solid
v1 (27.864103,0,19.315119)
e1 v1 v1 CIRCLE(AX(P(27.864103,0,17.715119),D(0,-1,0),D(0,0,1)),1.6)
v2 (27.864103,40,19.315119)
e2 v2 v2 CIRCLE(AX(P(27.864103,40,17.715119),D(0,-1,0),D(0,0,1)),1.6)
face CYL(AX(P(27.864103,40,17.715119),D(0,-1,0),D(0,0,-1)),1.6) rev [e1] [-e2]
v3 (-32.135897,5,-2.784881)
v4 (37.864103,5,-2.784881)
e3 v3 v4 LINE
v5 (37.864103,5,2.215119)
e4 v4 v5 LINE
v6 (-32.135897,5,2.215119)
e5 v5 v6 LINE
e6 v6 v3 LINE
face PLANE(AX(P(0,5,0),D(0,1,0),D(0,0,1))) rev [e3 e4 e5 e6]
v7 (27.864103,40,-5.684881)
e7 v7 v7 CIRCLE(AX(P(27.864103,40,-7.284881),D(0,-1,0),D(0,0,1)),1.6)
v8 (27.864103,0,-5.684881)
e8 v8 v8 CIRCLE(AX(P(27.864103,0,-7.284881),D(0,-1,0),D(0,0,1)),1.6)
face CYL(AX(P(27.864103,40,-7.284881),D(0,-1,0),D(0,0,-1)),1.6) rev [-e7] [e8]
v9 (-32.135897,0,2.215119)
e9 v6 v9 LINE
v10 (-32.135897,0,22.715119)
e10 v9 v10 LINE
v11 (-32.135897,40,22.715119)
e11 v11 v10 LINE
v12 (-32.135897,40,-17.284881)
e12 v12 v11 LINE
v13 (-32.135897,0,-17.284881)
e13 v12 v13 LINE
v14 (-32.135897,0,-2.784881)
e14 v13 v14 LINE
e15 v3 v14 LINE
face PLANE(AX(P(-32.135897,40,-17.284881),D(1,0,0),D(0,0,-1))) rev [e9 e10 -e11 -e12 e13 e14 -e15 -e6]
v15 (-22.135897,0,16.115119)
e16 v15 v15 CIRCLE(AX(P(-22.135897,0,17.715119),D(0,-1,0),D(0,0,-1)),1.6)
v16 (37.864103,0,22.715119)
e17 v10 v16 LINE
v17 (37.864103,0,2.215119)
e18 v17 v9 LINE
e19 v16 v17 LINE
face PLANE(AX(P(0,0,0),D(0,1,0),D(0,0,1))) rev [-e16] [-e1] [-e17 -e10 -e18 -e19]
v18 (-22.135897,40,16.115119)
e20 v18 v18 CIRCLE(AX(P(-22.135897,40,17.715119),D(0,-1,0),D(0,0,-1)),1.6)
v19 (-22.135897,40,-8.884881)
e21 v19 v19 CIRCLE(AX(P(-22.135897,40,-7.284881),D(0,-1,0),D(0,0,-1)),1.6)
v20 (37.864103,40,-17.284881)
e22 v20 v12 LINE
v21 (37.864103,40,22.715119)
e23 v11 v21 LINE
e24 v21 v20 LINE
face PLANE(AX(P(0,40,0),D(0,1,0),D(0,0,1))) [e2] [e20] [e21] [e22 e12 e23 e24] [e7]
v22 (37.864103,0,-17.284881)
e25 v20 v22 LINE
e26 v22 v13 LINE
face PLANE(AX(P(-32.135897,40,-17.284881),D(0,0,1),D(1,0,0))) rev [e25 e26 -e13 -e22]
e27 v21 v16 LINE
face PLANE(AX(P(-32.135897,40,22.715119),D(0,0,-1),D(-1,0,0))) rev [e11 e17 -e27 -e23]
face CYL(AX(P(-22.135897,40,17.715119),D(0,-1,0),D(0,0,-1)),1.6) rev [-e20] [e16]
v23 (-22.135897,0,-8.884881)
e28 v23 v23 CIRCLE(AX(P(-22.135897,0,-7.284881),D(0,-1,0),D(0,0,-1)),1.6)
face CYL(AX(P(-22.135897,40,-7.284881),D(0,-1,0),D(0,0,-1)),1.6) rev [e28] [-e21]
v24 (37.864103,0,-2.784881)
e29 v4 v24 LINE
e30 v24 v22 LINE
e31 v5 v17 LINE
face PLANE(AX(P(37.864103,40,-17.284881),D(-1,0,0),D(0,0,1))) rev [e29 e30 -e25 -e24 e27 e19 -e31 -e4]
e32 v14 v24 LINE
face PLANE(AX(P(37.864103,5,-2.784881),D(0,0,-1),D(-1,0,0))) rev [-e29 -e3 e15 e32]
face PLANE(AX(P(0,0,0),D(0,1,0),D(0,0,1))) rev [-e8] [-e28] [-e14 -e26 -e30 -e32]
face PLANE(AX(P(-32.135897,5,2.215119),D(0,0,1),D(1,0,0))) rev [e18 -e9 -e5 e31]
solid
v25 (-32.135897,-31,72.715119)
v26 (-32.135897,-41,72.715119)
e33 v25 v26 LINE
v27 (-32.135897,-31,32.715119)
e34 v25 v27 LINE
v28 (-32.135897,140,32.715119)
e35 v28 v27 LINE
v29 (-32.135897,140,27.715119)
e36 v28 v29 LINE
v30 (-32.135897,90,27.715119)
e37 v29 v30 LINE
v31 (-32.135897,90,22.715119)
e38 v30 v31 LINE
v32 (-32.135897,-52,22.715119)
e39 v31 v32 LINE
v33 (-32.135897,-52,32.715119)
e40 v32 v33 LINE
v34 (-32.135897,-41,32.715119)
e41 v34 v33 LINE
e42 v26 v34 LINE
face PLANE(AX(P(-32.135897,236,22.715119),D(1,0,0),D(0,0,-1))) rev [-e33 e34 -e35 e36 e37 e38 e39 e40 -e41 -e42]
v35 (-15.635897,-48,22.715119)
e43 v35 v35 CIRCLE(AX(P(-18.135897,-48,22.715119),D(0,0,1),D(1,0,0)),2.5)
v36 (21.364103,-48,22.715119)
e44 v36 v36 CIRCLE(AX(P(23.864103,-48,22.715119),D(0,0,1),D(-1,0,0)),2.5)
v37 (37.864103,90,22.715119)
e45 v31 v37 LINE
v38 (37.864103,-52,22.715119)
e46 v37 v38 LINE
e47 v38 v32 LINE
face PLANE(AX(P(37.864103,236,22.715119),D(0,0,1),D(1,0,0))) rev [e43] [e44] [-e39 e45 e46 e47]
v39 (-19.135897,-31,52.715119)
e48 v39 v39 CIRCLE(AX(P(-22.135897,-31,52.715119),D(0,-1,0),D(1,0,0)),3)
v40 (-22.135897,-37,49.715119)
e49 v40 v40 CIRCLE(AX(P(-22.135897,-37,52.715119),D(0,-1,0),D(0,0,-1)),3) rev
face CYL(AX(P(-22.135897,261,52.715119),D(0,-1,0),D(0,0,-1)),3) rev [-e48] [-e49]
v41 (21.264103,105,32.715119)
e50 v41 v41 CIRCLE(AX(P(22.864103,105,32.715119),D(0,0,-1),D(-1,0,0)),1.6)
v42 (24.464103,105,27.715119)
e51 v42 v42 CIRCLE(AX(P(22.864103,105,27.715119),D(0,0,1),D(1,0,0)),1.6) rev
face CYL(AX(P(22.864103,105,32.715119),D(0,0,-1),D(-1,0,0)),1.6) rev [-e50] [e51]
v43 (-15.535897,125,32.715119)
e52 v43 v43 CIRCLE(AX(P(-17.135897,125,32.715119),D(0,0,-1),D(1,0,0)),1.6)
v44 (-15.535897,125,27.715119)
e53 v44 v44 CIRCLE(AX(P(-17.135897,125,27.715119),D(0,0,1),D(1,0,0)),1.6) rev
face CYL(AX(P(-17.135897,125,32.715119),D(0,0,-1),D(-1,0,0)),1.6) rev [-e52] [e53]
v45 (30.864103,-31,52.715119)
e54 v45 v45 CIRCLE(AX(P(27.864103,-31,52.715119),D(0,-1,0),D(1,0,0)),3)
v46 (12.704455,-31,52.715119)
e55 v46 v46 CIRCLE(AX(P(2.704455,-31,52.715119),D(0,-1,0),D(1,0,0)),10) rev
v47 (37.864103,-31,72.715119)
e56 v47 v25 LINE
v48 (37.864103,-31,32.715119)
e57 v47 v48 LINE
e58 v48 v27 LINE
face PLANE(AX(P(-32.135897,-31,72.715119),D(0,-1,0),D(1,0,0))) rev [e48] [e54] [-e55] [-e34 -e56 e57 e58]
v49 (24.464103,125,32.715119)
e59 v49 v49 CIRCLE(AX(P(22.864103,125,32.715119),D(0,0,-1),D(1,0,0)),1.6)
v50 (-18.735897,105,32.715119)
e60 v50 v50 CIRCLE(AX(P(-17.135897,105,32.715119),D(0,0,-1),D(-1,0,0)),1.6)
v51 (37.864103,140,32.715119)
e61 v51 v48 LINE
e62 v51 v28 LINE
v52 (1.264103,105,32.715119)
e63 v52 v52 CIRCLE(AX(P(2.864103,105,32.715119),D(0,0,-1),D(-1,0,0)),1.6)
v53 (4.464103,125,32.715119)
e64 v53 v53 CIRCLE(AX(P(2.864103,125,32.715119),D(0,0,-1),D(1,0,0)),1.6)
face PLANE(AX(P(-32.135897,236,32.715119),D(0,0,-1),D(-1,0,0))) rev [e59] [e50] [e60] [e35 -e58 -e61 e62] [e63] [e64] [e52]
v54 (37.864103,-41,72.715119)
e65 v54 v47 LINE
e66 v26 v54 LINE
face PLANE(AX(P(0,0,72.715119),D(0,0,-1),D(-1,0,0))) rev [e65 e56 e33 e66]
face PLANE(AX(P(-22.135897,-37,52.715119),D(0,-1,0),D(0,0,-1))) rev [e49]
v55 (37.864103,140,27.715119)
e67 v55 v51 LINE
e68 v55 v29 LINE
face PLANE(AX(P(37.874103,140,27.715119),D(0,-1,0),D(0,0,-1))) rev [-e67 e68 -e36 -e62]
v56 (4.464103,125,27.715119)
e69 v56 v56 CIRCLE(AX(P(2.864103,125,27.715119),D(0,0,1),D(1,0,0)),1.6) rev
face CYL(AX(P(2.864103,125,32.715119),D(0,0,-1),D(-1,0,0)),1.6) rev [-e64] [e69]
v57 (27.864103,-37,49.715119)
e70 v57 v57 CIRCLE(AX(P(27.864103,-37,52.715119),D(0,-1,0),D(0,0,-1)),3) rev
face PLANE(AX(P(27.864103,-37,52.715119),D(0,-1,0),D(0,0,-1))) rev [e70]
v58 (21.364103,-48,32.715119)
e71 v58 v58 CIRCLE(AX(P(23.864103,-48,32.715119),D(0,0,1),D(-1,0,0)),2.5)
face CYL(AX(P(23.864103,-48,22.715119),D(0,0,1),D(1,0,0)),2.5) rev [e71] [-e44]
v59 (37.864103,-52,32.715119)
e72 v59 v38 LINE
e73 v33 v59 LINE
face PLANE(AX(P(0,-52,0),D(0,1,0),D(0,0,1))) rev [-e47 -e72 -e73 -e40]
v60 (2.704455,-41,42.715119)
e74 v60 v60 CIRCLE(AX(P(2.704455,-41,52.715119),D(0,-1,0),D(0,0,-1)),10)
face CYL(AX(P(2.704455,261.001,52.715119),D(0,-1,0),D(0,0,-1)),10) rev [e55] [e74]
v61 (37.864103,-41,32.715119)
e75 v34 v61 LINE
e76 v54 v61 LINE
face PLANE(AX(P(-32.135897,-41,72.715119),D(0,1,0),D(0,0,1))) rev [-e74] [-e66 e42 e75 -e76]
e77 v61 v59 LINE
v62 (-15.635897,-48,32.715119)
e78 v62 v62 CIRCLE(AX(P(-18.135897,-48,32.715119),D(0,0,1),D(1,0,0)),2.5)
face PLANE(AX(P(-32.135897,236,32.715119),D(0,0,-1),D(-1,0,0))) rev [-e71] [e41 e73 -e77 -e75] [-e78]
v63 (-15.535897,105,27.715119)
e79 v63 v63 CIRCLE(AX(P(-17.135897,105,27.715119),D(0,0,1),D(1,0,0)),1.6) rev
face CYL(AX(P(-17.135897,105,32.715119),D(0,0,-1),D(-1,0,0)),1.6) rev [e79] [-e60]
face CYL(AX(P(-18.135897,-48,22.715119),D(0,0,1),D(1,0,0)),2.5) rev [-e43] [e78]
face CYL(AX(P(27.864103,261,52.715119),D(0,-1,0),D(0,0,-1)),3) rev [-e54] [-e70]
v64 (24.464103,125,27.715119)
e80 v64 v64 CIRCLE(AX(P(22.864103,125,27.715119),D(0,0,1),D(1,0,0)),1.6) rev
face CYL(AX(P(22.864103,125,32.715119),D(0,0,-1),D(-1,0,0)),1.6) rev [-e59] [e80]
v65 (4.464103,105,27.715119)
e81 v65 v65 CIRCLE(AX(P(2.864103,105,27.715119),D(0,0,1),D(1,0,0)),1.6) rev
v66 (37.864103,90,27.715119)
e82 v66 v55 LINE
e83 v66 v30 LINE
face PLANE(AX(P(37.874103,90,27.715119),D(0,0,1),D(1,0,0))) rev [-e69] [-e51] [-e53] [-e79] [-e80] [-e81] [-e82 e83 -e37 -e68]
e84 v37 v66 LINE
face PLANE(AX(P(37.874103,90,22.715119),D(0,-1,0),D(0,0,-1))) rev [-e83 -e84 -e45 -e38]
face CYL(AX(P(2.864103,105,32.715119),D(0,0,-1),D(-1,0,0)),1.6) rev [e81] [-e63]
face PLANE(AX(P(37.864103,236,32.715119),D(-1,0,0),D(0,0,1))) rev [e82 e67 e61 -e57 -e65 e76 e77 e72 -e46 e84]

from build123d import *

# Parameters (mm, degrees)
SKETCH_1_W                     = 70
SKETCH_1_H                     = 40
EXTRUDE_1_DEPTH                = 40
SKETCH_2_R                     = 1.6
CUT_EXTRUDE_1_DEPTH            = 60.579081363
EXTRUDE_2_DEPTH                = 52
EXTRUDE_2_DEPTH_BACK           = 236
SKETCH_4_W                     = 70
SKETCH_4_H                     = 10
SKETCH_5_R                     = 2.5
CUT_EXTRUDE_2_DEPTH            = 10
SKETCH_6_R                     = 2.5
CUT_EXTRUDE_3_DEPTH            = 10
SKETCH_7_W                     = 70
SKETCH_7_H                     = 10
EXTRUDE_3_DEPTH                = 50
SKETCH_8_R                     = 12.5
CUT_EXTRUDE_4_DEPTH            = 10
SKETCH_12_W                    = 39
SKETCH_12_H                    = 39
SKETCH_12_W_2                  = 27
SKETCH_12_H_2                  = 27
EXTRUDE_2_2_DEPTH              = 15
SKETCH_14_R                    = 2
CUT_EXTRUDE_5_DEPTH            = 25
SKETCH_15_W                    = 70
SKETCH_15_H                    = 5
CUT_EXTRUDE_6_DEPTH            = 5
SKETCH_16_W                    = 70
SKETCH_16_H                    = 10
EXTRUDE_4_DEPTH                = 40
SKETCH_18_R                    = 3
CUT_EXTRUDE_7_DEPTH            = 313.929990298
SKETCH_19_R                    = 3
EXTRUDE_5_DEPTH                = 4
SKETCH_24_R                    = 10
CUT_EXTRUDE_9_DEPTH            = 10
SKETCH_26_R                    = 1.6
CUT_EXTRUDE_10_DEPTH           = 10
SPLIT_BODIES_1_SURFACE_1_BACK  = 334.12
SPLIT_BODIES_1_SURFACE_1_DEPTH = 668.24
SPLIT_BODIES_1_SURFACE_2_BACK  = 334.12
SPLIT_BODIES_1_SURFACE_2_DEPTH = 668.24


with BuildPart() as part:
    # 草图1 → 凸台-拉伸1 (new body)
    with BuildSketch(Plane(origin=(0, 0, 0), x_dir=(1, 0, 0), z_dir=(0, 1, 0))):
        with Locations((2.864103165, -2.71511892)):
            Rectangle(SKETCH_1_W, SKETCH_1_H)
    extrude(amount=EXTRUDE_1_DEPTH)

    # 草图2 → 切除-拉伸1 (cut, through all)
    with BuildSketch(Plane.XZ):
        with Locations(Location((-22.135896835, 17.71511892, 0), (0, 0, 270))):
            Circle(SKETCH_2_R)
        with Locations(Location((27.864103165, 17.71511892, 0), (0, 0, 90))):
            Circle(SKETCH_2_R)
        with Locations(Location((-22.135896835, -7.28488108, 0), (0, 0, 270))):
            Circle(SKETCH_2_R)
        with Locations(Location((27.864103165, -7.28488108, 0), (0, 0, 90))):
            Circle(SKETCH_2_R)
    extrude(amount=-CUT_EXTRUDE_1_DEPTH, mode=Mode.SUBTRACT)

    # 草图15 → 切除-拉伸6 (cut)
    with BuildSketch(Plane.XZ):
        with Locations((2.864103165, -0.28488108)):
            Rectangle(SKETCH_15_W, SKETCH_15_H)
    extrude(amount=-CUT_EXTRUDE_6_DEPTH, mode=Mode.SUBTRACT)


with BuildPart() as body_2:
    # 草图4 → Extrude 2 (new, two sides: drawn at the far end of the back side and taken through both)
    with BuildSketch(Plane.XZ.offset(-EXTRUDE_2_DEPTH_BACK)):
        with Locations((2.864103165, 27.71511892)):
            Rectangle(SKETCH_4_W, SKETCH_4_H)
    extrude(amount=EXTRUDE_2_DEPTH + EXTRUDE_2_DEPTH_BACK)

    # 草图5 → 切除-拉伸2 (cut)
    with BuildSketch(Plane.XY.offset(32.71511892)):
        with Locations((-18.135896835, -48)):
            Circle(SKETCH_5_R)
        with Locations(Location((23.864103165, -48, 0), (0, 0, 180))):
            Circle(SKETCH_5_R)
    extrude(amount=-CUT_EXTRUDE_2_DEPTH, mode=Mode.SUBTRACT)

    # 草图6 → 切除-拉伸3 (cut)
    with BuildSketch(Plane.XY.offset(32.71511892)):
        with Locations((-18.135896835, 212)):
            Circle(SKETCH_6_R)
        with Locations(Location((23.864103165, 212, 0), (0, 0, 180))):
            Circle(SKETCH_6_R)
    extrude(amount=-CUT_EXTRUDE_3_DEPTH, mode=Mode.SUBTRACT)

    # 草图7 → 凸台-拉伸3 (add)
    with BuildSketch(Plane(origin=(0, 0, 22.71511892), x_dir=(-1, 0, 0), z_dir=(0, 0, -1))):
        with Locations((-2.864103165, 241)):
            Rectangle(SKETCH_7_W, SKETCH_7_H)
    extrude(amount=-EXTRUDE_3_DEPTH)

    # 草图8 → 切除-拉伸4 (cut)
    with BuildSketch(Plane.XZ.offset(-236)):
        with Locations(Location((2.864103165, 52.71511892, 0), (0, 0, 270))):
            Circle(SKETCH_8_R)
    extrude(amount=-CUT_EXTRUDE_4_DEPTH, mode=Mode.SUBTRACT)

    # 草图12 → Extrude 2 2 (add)
    with BuildSketch(Plane(origin=(0, 246, 0), x_dir=(1, 0, 0), z_dir=(0, 1, 0))):
        with Locations((2.864103165, -52.71511892)):
            Rectangle(SKETCH_12_W, SKETCH_12_H)
        with Locations((2.864103165, -52.71511892)):
            Rectangle(SKETCH_12_W_2, SKETCH_12_H_2, mode=Mode.SUBTRACT)
    extrude(amount=EXTRUDE_2_2_DEPTH)

    # 草图14 → 切除-拉伸5 (cut)
    with BuildSketch(Plane(origin=(0, 261, 0), x_dir=(1, 0, 0), z_dir=(0, 1, 0))):
        with Locations(Location((-12.635896835, -37.21511892, 0), (0, 0, 270))):
            Circle(SKETCH_14_R)
        with Locations(Location((18.364103165, -37.21511892, 0), (0, 0, 90))):
            Circle(SKETCH_14_R)
        with Locations(Location((-12.635896835, -68.21511892, 0), (0, 0, 90))):
            Circle(SKETCH_14_R)
        with Locations(Location((18.364103165, -68.21511892, 0), (0, 0, 270))):
            Circle(SKETCH_14_R)
    extrude(amount=-CUT_EXTRUDE_5_DEPTH, mode=Mode.SUBTRACT)

    # 草图16 → 凸台-拉伸4 (add)
    with BuildSketch(Plane.XY.offset(32.71511892)):
        with Locations((2.864103165, -36)):
            Rectangle(SKETCH_16_W, SKETCH_16_H)
    extrude(amount=EXTRUDE_4_DEPTH)

    # 草图18 → 切除-拉伸7 (cut, through all)
    with BuildSketch(Plane.XZ.offset(41)):
        with Locations(Location((-22.135896835, 52.71511892, 0), (0, 0, 270))):
            Circle(SKETCH_18_R)
        with Locations(Location((27.864103165, 52.71511892, 0), (0, 0, 270))):
            Circle(SKETCH_18_R)
    extrude(amount=-CUT_EXTRUDE_7_DEPTH, mode=Mode.SUBTRACT)

    # 草图19 → 凸台-拉伸5 (add)
    with BuildSketch(Plane.XZ.offset(41)):
        with Locations(Location((-22.135896835, 52.71511892, 0), (0, 0, 270))):
            Circle(SKETCH_19_R)
        with Locations(Location((27.864103165, 52.71511892, 0), (0, 0, 270))):
            Circle(SKETCH_19_R)
    extrude(amount=-EXTRUDE_5_DEPTH)

    # 草图24 → 切除-拉伸9 (cut)
    with BuildSketch(Plane.XZ.offset(41)):
        with Locations(Location((2.704454521, 52.71511892, 0), (0, 0, 270))):
            Circle(SKETCH_24_R)
    extrude(amount=-CUT_EXTRUDE_9_DEPTH, mode=Mode.SUBTRACT)

    # 草图26 → 切除-拉伸10 (cut)
    with BuildSketch(Plane(origin=(0, 0, 22.71511892), x_dir=(-1, 0, 0), z_dir=(0, 0, -1))):
        with Locations((17.135896835, 105)):
            Circle(SKETCH_26_R)
        with Locations((-2.864103165, 105)):
            Circle(SKETCH_26_R)
        with Locations((-22.864103165, 105)):
            Circle(SKETCH_26_R)
        with Locations(Location((17.135896835, 125, 0), (0, 0, 180))):
            Circle(SKETCH_26_R)
        with Locations(Location((-2.864103165, 125, 0), (0, 0, 180))):
            Circle(SKETCH_26_R)
        with Locations(Location((-22.864103165, 125, 0), (0, 0, 180))):
            Circle(SKETCH_26_R)
    extrude(amount=-CUT_EXTRUDE_10_DEPTH, mode=Mode.SUBTRACT)


with BuildPart() as body_3:
    # Split Bodies 1: the piece behind the surface
    add(body_2.part)
    # Split Bodies 1 surface: a surface, the sketch's curves swept straight by 668.24 mm
    with BuildLine(Plane.ZY.offset(32.135896835).offset(-SPLIT_BODIES_1_SURFACE_1_BACK), mode=Mode.PRIVATE) as split_bodies_1_surface_1_path:
        Line((22.71511892, 90), (27.71511892, 90))
        Line((27.71511892, 90), (27.71511892, 140))
        Line((27.71511892, 140), (32.71511892, 140))
    split_bodies_1_surface_1 = Shell.extrude(split_bodies_1_surface_1_path.wire(), (-1 * SPLIT_BODIES_1_SURFACE_1_DEPTH, 0 * SPLIT_BODIES_1_SURFACE_1_DEPTH, 0 * SPLIT_BODIES_1_SURFACE_1_DEPTH))
    split(bisect_by=split_bodies_1_surface_1, keep=Keep.BOTTOM)


with BuildPart() as body_2_1:
    add(body_2.part)

    # Split Bodies 1: split by a surface, the side it looks to stays
    # Split Bodies 1 surface: a surface, the sketch's curves swept straight by 668.24 mm
    with BuildLine(Plane.ZY.offset(32.135896835).offset(-SPLIT_BODIES_1_SURFACE_2_BACK), mode=Mode.PRIVATE) as split_bodies_1_surface_2_path:
        Line((22.71511892, 90), (27.71511892, 90))
        Line((27.71511892, 90), (27.71511892, 140))
        Line((27.71511892, 140), (32.71511892, 140))
    split_bodies_1_surface_2 = Shell.extrude(split_bodies_1_surface_2_path.wire(), (-1 * SPLIT_BODIES_1_SURFACE_2_DEPTH, 0 * SPLIT_BODIES_1_SURFACE_2_DEPTH, 0 * SPLIT_BODIES_1_SURFACE_2_DEPTH))
    split(bisect_by=split_bodies_1_surface_2, keep=Keep.TOP)


solid = Compound([part.part, body_3.part])
